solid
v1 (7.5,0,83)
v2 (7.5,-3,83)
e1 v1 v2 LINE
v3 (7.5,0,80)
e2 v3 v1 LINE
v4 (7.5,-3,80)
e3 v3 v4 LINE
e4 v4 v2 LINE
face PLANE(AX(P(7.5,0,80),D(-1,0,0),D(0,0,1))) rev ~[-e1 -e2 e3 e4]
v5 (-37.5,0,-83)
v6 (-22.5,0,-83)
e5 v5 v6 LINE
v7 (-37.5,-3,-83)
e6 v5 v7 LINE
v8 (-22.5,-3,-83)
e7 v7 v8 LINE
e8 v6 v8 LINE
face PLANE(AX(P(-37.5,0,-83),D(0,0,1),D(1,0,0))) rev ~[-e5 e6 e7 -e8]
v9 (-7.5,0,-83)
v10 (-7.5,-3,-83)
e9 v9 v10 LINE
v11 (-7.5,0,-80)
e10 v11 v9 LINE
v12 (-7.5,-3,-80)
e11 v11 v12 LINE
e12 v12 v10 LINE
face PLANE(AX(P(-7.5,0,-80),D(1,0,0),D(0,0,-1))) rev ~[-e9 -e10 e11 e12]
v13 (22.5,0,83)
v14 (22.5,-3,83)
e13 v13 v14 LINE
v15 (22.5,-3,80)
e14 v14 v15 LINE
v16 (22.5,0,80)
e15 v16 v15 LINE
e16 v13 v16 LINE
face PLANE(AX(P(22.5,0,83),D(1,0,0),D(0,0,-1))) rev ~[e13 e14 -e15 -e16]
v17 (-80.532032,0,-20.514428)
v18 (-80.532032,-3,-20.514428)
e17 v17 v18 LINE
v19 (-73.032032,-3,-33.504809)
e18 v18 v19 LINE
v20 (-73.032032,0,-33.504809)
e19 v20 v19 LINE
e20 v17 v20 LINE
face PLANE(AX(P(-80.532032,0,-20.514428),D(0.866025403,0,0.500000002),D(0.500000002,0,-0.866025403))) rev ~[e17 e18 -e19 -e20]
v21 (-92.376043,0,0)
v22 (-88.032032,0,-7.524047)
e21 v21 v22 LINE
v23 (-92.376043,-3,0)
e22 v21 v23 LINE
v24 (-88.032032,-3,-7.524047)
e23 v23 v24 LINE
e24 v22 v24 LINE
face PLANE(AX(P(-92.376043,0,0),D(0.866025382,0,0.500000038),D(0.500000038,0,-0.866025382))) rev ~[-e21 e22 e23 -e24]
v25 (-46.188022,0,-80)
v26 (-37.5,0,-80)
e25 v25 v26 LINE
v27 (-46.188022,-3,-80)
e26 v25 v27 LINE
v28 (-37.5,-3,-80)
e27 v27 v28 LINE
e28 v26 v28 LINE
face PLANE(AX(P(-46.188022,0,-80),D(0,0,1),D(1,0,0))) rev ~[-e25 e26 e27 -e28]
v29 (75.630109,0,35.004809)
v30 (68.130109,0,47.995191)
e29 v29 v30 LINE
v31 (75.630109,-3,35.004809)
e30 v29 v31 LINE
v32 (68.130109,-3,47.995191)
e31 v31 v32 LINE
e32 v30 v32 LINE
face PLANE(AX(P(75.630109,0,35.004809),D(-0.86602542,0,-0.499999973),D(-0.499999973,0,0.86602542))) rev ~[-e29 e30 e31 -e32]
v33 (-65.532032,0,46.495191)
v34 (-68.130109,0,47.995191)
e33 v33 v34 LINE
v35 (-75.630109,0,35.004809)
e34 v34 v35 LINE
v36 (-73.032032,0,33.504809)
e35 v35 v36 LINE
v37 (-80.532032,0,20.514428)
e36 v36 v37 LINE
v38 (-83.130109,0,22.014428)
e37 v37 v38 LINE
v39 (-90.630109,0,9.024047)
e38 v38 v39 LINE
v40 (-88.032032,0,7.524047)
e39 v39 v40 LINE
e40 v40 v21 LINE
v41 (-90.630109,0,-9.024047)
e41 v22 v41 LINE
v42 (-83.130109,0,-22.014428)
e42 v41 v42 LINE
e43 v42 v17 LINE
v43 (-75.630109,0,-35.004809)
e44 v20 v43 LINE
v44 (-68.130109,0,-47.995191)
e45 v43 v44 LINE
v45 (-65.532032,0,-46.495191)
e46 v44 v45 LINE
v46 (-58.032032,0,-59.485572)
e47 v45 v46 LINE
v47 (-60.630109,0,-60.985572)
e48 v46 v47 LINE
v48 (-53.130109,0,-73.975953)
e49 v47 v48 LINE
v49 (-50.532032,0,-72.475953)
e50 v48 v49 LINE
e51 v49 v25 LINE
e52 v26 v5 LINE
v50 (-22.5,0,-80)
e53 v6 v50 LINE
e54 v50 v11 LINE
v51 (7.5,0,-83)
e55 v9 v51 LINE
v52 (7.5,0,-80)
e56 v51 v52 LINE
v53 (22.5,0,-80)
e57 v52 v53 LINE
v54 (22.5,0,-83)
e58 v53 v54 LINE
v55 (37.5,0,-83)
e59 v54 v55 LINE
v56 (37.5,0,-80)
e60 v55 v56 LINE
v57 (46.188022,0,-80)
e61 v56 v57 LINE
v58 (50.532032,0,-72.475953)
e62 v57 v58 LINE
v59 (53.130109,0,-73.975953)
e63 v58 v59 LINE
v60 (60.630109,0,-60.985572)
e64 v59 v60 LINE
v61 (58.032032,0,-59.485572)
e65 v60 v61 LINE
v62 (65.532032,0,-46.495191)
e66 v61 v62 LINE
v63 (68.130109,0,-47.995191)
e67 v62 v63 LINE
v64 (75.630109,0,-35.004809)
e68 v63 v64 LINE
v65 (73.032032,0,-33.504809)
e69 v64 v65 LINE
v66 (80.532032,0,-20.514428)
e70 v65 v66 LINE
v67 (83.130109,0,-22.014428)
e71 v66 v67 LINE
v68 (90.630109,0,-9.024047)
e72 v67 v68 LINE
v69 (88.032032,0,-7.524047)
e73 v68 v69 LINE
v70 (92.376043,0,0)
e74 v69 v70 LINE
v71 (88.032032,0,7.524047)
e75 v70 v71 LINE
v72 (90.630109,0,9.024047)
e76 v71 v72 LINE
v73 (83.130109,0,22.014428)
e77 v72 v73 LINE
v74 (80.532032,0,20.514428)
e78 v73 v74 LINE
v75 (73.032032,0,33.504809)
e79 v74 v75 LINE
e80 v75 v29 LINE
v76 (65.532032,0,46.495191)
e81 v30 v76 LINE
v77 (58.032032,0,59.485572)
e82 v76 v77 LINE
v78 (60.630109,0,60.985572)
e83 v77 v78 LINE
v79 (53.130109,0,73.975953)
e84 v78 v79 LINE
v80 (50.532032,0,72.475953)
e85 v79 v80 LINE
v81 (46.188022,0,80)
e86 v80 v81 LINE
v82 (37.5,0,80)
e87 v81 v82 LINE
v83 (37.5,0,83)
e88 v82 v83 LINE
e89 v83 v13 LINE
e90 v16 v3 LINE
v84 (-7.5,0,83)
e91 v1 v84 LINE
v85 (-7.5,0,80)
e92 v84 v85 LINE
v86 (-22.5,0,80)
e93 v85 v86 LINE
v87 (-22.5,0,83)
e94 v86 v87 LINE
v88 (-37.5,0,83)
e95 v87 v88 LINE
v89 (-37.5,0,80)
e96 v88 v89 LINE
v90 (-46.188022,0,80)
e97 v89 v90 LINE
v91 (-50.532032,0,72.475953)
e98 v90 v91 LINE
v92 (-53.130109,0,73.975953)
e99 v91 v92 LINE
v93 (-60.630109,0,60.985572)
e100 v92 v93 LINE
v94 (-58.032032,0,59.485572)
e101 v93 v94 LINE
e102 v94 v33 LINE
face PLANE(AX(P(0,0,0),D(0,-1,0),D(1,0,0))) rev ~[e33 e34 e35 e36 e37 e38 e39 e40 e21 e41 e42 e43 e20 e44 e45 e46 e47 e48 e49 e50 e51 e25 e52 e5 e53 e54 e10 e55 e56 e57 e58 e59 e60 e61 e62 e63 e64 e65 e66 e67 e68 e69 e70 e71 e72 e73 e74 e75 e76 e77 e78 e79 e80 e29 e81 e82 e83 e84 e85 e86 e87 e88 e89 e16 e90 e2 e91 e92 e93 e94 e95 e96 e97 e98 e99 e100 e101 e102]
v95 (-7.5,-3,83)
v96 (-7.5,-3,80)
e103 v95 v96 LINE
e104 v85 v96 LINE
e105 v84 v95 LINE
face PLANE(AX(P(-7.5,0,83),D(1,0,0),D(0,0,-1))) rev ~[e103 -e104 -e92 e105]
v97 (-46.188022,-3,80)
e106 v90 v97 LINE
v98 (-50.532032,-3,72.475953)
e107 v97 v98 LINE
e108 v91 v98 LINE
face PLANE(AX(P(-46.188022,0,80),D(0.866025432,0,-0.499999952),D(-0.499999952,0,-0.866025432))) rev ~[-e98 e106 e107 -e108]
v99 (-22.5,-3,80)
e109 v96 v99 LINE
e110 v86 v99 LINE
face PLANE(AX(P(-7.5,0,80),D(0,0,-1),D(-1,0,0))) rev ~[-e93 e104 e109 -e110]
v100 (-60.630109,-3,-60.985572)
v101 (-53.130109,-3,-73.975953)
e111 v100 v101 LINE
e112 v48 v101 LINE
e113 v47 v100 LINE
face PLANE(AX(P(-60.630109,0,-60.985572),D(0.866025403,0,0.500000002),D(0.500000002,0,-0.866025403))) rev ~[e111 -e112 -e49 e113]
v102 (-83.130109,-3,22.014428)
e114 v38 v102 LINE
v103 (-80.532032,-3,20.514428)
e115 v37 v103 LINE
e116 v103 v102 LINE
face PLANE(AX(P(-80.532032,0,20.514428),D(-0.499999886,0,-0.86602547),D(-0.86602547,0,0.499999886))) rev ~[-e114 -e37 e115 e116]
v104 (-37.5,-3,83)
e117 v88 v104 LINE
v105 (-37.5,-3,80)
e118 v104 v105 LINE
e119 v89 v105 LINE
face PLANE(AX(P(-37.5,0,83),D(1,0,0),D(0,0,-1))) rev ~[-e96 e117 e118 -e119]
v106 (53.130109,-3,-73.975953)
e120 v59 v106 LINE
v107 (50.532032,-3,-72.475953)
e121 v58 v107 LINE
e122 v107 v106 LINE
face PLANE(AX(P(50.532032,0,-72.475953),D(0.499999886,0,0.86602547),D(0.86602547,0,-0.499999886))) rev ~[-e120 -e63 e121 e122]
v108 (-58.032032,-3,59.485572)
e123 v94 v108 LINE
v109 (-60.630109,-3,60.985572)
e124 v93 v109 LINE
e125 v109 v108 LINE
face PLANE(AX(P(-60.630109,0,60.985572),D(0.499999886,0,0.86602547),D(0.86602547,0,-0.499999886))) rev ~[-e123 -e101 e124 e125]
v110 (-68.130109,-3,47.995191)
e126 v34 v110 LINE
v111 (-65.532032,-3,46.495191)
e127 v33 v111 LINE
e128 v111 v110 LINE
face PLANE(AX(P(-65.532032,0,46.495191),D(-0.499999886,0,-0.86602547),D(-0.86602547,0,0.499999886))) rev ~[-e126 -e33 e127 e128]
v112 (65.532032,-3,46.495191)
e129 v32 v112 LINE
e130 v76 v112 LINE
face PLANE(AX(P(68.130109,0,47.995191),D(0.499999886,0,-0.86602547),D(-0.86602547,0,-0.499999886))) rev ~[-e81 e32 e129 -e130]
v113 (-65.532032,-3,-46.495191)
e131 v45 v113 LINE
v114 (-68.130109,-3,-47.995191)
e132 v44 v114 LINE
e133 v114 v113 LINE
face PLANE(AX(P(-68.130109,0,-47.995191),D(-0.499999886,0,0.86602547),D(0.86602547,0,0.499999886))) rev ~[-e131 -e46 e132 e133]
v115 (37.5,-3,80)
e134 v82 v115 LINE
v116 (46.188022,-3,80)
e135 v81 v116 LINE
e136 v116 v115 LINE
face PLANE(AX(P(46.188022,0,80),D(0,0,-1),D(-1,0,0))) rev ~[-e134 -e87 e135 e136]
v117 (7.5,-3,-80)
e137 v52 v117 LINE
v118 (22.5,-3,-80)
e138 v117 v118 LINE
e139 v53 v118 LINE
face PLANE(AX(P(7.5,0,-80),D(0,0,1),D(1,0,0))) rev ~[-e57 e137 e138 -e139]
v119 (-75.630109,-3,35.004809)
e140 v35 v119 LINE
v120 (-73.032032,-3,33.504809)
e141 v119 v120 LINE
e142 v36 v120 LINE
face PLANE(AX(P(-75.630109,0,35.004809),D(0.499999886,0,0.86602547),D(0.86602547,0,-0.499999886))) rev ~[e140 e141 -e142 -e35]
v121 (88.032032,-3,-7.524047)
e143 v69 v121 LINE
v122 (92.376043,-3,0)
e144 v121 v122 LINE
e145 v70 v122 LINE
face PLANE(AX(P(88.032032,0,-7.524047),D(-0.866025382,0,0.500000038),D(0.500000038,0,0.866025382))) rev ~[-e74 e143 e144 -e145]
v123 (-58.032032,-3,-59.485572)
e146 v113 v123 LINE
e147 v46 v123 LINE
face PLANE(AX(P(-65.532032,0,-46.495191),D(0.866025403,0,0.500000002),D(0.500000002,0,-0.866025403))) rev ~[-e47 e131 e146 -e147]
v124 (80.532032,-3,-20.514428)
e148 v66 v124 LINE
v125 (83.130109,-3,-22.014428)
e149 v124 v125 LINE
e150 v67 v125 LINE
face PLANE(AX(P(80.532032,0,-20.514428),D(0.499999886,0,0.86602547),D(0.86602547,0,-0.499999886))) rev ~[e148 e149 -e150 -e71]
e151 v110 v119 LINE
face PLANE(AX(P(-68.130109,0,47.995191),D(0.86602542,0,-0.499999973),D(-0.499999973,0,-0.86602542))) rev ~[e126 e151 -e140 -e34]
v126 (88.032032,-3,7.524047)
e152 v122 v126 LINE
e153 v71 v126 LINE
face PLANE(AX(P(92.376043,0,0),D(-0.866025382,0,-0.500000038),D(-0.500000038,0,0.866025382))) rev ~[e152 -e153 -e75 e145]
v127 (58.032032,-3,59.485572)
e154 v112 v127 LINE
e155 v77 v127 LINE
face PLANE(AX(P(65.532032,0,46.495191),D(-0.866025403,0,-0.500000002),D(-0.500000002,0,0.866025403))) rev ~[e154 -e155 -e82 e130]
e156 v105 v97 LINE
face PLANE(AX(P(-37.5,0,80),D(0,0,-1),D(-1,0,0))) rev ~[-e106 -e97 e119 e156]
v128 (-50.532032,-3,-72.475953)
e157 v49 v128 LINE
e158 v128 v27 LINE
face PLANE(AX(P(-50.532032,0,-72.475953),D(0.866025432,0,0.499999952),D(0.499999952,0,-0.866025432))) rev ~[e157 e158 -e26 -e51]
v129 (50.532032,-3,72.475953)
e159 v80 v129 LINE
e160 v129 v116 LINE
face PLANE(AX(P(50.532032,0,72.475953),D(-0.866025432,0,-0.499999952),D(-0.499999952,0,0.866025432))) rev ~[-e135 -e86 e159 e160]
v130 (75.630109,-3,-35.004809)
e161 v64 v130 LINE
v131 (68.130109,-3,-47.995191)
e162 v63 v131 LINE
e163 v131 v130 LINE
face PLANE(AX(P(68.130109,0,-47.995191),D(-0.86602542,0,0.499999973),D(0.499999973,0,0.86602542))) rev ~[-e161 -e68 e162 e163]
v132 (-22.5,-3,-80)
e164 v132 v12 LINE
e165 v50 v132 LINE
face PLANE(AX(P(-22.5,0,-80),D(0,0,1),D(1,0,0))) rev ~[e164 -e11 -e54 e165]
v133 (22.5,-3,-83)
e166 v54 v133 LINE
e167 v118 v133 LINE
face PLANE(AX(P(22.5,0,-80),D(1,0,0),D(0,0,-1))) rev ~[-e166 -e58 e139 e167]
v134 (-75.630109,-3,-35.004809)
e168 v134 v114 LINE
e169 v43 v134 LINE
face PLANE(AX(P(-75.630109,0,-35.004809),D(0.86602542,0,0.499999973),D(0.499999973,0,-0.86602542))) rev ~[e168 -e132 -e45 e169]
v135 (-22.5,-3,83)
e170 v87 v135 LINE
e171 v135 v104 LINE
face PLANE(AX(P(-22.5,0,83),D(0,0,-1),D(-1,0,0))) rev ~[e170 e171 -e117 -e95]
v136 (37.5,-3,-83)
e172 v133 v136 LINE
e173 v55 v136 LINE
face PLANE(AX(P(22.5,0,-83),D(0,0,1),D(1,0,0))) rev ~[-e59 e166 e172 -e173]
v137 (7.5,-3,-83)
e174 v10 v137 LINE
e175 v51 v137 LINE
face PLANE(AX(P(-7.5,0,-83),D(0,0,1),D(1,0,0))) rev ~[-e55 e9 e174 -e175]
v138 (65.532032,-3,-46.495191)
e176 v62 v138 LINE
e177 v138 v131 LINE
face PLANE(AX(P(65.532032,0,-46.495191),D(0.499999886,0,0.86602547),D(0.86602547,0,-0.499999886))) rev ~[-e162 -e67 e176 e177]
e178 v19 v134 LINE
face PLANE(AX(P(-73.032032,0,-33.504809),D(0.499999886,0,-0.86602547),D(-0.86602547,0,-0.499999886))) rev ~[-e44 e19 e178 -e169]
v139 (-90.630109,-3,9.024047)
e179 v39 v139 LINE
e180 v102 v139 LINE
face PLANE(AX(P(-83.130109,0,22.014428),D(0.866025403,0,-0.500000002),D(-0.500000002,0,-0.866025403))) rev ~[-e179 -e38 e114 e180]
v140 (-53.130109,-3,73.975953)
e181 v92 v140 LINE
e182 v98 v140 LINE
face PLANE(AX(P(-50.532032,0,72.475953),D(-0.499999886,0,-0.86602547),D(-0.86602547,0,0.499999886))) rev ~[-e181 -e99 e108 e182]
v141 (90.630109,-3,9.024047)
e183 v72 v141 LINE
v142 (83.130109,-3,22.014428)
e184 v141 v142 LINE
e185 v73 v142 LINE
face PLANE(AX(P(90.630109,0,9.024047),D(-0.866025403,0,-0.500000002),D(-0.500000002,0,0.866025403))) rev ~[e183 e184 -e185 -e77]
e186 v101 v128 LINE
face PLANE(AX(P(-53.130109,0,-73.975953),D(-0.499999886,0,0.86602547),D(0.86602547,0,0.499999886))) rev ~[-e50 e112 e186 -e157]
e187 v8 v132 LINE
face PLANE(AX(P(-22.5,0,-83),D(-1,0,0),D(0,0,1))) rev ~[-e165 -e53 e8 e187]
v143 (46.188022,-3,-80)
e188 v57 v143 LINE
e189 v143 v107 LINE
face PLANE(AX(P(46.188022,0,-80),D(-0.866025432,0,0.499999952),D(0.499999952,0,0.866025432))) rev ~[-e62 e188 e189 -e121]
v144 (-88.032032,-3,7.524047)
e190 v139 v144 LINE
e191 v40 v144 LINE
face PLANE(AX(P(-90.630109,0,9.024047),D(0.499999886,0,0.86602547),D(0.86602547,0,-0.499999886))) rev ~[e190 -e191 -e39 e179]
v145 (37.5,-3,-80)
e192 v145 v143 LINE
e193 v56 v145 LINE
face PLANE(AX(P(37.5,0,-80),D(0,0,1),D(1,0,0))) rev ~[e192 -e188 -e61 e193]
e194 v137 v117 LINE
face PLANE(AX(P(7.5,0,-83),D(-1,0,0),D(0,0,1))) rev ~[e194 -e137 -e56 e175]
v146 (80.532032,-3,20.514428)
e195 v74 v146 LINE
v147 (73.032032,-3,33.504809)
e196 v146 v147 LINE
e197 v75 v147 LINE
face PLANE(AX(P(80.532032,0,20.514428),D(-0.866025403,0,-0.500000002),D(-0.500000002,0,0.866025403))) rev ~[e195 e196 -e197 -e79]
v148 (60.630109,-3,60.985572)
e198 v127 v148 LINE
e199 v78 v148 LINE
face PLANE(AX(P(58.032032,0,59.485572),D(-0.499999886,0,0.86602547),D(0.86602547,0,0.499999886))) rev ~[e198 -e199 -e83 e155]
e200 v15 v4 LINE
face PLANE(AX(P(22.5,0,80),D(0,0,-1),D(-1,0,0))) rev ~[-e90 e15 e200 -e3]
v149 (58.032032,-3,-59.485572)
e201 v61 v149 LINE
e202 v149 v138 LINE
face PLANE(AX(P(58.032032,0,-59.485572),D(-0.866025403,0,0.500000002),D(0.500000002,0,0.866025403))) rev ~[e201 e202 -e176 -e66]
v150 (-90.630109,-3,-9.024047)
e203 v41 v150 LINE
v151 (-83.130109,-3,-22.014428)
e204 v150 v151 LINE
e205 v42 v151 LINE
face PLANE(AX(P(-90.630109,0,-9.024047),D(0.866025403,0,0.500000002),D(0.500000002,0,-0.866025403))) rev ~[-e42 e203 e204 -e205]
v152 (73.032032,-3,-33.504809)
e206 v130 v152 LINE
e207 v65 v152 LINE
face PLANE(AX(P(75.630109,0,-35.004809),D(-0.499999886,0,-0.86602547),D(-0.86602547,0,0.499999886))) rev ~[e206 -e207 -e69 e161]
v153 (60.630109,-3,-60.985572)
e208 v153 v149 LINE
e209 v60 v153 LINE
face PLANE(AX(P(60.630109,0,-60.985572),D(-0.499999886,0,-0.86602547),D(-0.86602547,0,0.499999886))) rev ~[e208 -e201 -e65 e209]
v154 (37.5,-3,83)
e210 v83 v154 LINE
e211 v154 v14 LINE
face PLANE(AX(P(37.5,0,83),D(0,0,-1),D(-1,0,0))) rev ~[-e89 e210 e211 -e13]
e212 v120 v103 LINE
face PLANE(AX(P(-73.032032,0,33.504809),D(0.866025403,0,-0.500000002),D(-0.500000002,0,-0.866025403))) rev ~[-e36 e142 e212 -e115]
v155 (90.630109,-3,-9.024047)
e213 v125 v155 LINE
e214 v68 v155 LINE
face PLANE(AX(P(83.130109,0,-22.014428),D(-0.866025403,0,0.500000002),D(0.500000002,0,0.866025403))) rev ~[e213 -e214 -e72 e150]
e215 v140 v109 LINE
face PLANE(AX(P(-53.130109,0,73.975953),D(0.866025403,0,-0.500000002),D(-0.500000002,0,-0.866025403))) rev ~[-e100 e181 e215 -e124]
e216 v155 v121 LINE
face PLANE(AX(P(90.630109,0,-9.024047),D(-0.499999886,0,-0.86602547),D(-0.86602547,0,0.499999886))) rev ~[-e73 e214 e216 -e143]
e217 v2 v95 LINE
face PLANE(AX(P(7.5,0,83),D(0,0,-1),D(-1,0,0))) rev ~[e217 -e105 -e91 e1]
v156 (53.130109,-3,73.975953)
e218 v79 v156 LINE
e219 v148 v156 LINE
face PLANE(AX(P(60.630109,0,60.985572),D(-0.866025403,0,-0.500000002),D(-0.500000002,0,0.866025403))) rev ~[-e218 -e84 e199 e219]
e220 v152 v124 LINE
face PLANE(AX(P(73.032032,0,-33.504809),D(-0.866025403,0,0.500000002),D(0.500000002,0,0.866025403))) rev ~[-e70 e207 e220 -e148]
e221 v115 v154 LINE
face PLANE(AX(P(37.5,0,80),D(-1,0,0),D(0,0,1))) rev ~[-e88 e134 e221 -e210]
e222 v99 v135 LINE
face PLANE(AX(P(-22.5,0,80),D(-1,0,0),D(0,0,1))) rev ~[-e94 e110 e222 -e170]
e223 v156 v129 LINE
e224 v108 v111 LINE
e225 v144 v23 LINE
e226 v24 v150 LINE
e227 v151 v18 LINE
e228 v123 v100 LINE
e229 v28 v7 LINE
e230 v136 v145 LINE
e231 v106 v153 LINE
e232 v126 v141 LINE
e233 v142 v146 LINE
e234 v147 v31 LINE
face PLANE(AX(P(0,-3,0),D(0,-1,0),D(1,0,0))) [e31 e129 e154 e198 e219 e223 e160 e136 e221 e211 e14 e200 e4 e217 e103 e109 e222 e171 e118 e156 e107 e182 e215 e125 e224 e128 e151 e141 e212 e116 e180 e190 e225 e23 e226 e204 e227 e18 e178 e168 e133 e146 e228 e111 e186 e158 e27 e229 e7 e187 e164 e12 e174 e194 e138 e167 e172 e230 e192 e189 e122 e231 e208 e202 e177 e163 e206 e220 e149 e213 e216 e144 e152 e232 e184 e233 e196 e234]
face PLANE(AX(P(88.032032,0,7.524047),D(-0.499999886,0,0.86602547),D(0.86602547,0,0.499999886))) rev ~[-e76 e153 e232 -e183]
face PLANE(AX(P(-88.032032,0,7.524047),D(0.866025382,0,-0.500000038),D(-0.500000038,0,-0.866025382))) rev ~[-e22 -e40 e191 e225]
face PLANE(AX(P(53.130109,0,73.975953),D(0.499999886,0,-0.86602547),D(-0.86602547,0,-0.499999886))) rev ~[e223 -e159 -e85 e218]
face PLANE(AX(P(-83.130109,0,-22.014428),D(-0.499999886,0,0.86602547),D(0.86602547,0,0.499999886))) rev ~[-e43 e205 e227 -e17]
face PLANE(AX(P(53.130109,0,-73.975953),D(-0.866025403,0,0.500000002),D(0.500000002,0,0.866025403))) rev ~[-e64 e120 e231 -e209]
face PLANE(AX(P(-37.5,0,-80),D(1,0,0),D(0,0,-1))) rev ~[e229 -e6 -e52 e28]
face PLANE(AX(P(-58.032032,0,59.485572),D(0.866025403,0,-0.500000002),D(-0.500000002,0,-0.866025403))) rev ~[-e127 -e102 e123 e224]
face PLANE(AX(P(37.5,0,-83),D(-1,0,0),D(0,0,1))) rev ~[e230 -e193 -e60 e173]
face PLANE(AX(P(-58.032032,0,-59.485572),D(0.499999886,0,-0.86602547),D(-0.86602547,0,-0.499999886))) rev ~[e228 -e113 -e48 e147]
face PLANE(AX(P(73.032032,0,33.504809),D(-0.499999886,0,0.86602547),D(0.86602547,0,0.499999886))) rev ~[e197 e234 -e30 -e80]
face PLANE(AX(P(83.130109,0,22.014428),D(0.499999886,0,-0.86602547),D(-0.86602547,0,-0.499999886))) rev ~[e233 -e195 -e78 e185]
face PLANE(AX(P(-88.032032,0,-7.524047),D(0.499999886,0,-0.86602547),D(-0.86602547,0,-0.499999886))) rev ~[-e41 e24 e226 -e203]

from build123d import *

# Parameters (mm, degrees)
F1_DEPTH = 3


with BuildPart() as f1:
    # F0 (on Front) → F1 (new body)
    with BuildSketch(Plane.XZ):
        Polygon((-37.5, 80), (-46.188022, 80), (-50.532032, 72.475953), (-53.130109, 73.975953), (-60.630109, 60.985572), (-58.032032, 59.485572), (-65.532032, 46.495191), (-68.130109, 47.995191), (-71.880109, 41.5), (-75.630109, 35.004809), (-73.032032, 33.504809), (-80.532032, 20.514428), (-83.130109, 22.014428), (-90.630109, 9.024047), (-88.032032, 7.524047), (-92.376043, 0), (-88.032032, -7.524047), (-90.630109, -9.024047), (-83.130109, -22.014428), (-80.532032, -20.514428), (-73.032032, -33.504809), (-75.630109, -35.004809), (-71.880109, -41.5), (-68.130109, -47.995191), (-65.532032, -46.495191), (-58.032032, -59.485572), (-60.630109, -60.985572), (-53.130109, -73.975953), (-50.532032, -72.475953), (-46.188022, -80), (-37.5, -80), (-37.5, -83), (-22.5, -83), (-22.5, -80), (-7.5, -80), (-7.5, -83), (0, -83), (7.5, -83), (7.5, -80), (22.5, -80), (22.5, -83), (37.5, -83), (37.5, -80), (46.188022, -80), (50.532032, -72.475953), (53.130109, -73.975953), (60.630109, -60.985572), (58.032032, -59.485572), (65.532032, -46.495191), (68.130109, -47.995191), (71.880109, -41.5), (75.630109, -35.004809), (73.032032, -33.504809), (80.532032, -20.514428), (83.130109, -22.014428), (90.630109, -9.024047), (88.032032, -7.524047), (92.376043, 0), (88.032032, 7.524047), (90.630109, 9.024047), (83.130109, 22.014428), (80.532032, 20.514428), (73.032032, 33.504809), (75.630109, 35.004809), (71.880109, 41.5), (68.130109, 47.995191), (65.532032, 46.495191), (58.032032, 59.485572), (60.630109, 60.985572), (53.130109, 73.975953), (50.532032, 72.475953), (46.188022, 80), (37.5, 80), (37.5, 83), (22.5, 83), (22.5, 80), (7.5, 80), (7.5, 83), (0, 83), (-7.5, 83), (-7.5, 80), (-22.5, 80), (-22.5, 83), (-37.5, 83), align=None)
    extrude(amount=F1_DEPTH)


solid = f1.part
